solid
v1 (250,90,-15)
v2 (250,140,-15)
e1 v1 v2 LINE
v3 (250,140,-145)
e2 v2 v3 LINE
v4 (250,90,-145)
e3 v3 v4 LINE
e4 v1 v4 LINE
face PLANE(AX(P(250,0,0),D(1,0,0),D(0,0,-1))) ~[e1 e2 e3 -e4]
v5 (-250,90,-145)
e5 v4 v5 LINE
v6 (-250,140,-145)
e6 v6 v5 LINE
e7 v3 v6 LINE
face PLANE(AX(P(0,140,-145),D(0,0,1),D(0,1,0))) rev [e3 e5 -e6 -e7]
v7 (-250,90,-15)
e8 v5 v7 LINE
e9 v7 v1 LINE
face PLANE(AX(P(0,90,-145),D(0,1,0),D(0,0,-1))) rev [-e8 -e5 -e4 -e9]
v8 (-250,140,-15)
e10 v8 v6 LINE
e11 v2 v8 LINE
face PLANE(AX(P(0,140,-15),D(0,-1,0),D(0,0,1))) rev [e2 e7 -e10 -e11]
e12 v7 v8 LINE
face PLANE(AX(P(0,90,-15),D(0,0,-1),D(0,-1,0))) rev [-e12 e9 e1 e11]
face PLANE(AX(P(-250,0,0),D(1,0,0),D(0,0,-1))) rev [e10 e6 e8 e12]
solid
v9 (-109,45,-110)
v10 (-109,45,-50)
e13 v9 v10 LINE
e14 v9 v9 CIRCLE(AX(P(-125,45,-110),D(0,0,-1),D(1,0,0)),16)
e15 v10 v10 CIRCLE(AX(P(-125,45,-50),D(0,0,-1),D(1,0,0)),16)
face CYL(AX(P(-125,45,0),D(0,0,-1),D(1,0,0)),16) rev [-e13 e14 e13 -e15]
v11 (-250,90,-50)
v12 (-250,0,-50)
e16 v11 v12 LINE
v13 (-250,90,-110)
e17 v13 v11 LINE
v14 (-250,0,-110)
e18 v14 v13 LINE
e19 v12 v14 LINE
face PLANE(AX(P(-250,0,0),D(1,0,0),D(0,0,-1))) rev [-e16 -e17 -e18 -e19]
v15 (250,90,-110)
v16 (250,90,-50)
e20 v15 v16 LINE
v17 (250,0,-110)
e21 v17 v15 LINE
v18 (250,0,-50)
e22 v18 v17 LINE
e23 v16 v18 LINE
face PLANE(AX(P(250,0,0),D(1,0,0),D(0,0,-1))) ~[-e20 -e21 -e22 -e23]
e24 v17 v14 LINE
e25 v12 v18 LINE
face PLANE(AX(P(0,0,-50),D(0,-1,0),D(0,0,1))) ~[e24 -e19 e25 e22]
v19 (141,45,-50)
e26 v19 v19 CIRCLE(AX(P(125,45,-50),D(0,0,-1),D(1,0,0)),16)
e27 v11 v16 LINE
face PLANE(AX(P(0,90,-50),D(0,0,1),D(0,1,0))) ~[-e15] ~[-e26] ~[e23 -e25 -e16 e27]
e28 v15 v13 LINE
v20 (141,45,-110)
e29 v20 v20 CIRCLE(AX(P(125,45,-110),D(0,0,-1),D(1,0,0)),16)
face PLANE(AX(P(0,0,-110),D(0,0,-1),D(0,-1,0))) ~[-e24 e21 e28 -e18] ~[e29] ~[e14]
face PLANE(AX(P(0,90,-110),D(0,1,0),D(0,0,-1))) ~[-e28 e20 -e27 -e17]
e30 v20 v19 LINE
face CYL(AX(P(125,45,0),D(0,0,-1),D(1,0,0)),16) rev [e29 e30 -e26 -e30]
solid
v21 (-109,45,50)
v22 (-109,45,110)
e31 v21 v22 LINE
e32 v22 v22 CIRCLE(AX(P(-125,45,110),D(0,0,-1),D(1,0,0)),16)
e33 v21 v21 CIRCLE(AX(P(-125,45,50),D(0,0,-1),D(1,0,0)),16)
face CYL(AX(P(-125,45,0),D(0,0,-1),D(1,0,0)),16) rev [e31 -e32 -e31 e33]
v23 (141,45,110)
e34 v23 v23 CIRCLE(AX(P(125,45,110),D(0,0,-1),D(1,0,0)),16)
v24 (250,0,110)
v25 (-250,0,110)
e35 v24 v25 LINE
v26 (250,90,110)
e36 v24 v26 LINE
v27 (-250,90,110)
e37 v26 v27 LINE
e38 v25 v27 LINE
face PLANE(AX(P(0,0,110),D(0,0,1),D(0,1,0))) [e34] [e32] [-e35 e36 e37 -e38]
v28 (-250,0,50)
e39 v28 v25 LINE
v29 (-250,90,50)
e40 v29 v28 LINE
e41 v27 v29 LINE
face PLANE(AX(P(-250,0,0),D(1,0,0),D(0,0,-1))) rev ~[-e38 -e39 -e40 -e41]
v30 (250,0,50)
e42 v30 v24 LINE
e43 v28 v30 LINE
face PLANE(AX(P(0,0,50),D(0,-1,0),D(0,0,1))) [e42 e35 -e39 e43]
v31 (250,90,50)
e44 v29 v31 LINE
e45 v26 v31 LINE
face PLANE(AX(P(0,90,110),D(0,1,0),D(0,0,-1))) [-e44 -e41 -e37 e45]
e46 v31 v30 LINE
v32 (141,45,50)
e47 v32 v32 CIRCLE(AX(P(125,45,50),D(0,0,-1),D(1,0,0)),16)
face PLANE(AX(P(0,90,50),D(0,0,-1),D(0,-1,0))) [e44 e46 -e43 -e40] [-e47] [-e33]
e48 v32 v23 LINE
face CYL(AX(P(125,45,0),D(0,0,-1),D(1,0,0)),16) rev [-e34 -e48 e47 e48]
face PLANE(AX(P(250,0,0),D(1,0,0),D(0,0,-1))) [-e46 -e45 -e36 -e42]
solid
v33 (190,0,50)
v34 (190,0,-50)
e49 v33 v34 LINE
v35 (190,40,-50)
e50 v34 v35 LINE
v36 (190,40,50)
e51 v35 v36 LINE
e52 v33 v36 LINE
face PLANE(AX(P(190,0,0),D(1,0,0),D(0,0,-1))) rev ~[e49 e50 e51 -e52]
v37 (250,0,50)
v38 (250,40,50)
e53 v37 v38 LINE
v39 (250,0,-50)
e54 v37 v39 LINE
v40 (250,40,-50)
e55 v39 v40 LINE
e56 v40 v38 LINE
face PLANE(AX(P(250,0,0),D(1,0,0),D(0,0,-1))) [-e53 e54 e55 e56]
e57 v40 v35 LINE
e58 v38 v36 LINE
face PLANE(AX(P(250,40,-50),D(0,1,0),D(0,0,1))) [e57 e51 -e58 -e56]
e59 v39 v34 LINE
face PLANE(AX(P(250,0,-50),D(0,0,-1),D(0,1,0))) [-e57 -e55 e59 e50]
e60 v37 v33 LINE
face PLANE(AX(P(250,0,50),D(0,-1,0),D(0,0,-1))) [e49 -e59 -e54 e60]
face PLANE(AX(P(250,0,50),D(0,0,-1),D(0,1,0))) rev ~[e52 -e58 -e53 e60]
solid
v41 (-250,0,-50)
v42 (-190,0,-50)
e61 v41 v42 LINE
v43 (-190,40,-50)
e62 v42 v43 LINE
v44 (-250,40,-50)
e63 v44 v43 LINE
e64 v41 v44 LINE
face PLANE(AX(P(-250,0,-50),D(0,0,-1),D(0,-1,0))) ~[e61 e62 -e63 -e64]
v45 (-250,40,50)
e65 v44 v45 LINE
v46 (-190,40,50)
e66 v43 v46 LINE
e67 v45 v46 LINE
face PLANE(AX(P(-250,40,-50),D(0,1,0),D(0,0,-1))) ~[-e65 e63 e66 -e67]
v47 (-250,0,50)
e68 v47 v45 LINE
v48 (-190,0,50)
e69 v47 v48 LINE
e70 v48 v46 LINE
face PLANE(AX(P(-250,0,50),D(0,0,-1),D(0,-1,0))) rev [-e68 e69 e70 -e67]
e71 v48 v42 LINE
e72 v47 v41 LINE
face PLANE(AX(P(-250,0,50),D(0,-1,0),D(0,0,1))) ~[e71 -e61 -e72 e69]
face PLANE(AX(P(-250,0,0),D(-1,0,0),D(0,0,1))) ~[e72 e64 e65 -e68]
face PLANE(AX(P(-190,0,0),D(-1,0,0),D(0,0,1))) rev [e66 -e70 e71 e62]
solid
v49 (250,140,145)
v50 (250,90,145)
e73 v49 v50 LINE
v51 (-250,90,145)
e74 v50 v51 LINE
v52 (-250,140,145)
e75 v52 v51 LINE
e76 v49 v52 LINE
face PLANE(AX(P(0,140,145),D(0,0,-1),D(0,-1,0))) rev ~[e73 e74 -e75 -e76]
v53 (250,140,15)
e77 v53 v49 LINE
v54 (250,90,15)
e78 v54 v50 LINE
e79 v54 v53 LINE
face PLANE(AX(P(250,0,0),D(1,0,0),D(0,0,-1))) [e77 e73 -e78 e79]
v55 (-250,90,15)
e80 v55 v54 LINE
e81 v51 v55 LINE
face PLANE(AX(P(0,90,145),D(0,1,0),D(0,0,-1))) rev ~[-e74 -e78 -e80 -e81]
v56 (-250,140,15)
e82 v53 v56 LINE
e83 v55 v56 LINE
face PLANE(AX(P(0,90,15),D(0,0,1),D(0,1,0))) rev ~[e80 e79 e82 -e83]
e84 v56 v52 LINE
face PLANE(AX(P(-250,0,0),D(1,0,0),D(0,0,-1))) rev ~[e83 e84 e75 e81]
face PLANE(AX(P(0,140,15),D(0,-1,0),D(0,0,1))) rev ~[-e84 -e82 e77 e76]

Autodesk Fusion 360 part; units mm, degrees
sketch "Sketch1" plane through (0, 0, 0) normal (1, 0, 0) x (0, 0, -1) in component "Bottom"
  line L0 (-50, 0) -> (-110, 0)
  line L1 (-110, 0) -> (-110, 90)
  line L2 (-110, 90) -> (-50, 90)
  line L3 (-50, 90) -> (-50, 0)
  dimension "d1" = 60
  dimension "d2" = 90
  dimension "d3" = 50
extrude "Extrude1" add sketch "Sketch1" along normal mid plane 500 makes body 1 in component "Bottom"
mirror "Mirror1" about plane through (0, 0, 0) normal (0, 0, 1) of bodies 1 makes body 2 in component "Bottom"
sketch "Sketch1 (2)" plane through (0, 0, 0) normal (1, 0, 0) x (0, 0, -1) in component "Flat"
  line L0 (-110, 90) -> (-50, 90)
  line L1 (-145, 90) -> (-15, 90)
  line L2 (-15, 90) -> (-15, 140)
  line L3 (-15, 140) -> (-145, 140)
  line L4 (-145, 140) -> (-145, 90)
  dimension "d7" = 130
  dimension "d8" = 50
extrude "Extrude1'" add sketch "Sketch1 (2)" along normal mid plane 500 separate body makes body 3 in component "Flat"
mirror "Mirror1'" about plane through (0, 0, 0) normal (0, 0, 1) of bodies 3 makes body 4 in component "Flat"
sketch "Sketch1 (3)" plane through (250, 0, 0) normal (1, 0, 0) x (0, 0, -1) in component "Spacers"
  line L0 (-50, 90) -> (-110, 90)
  line L1 (-110, 90) -> (-110, 0)
  line L2 (-110, 0) -> (-50, 0)
  line L3 (-50, 0) -> (-50, 90)
  line L4 (-50, 0) -> (-50, 90)
  line L5 (50, 0) -> (50, 90)
  line L6 (-50, 0) -> (50, 0)
  line L7 (50, 0) -> (50, 40)
  line L8 (50, 40) -> (-50, 40)
  line L9 (-50, 40) -> (-50, 0)
extrude "Extrude1''" add sketch "Sketch1 (3)" against normal blind 60 separate body contours L3 L4 L5 L6 L7 L8 L9 makes body 5 in component "Spacers"
mirror "Mirror1''" about plane through (0, 0, 0) normal (1, 0, 0) of bodies 5 makes body 6 in component "Spacers"
sketch "Sketch2" plane through (0, 0, 0) normal (0, 0, 1) x (1, 0, 0) in component "Bottom"
  line L0 (-250, 0) -> (250, 0)
  line L1 (250, 0) -> (250, 90)
  line L2 (250, 90) -> (-250, 90)
  line L3 (-250, 90) -> (-250, 0)
  line L4 (250, 90) -> (0, 0)
  line L5 (250, 0) -> (0, 90)
  line L6 (-250, 90) -> (0, 0)
  line L7 (-250, 0) -> (0, 90)
  circle A0 centre (125, 45) radius 16
  circle A1 centre (-125, 45) radius 16
  dimension "d15" = 32
  dimension "d16" = 32
extrude "Extrude2" cut sketch "Sketch2" along normal through all and the other way through all contours L6 L7 A1 | L6 L7 A1 | L4 L5 A0 | L4 L5 A0 | L6 L7 A1 | L6 L7 A1 | L4 L5 A0 | L4 L5 A0 bodies 1 2 in component "Bottom"
component "Bed" placed x (1, 0, 0) y (0, 1, 0) z (0, 0, 1) at (0, 0, 0)
component "Bottom" placed x (1, 0, 0) y (0, 1, 0) z (0, 0, 1) at (0, 0, 0) in component "Bed"
component "Flat" placed x (1, 0, 0) y (0, 1, 0) z (0, 0, 1) at (0, 0, 0) in component "Bed"
component "Spacers" placed x (1, 0, 0) y (0, 1, 0) z (0, 0, 1) at (0, 0, 0) in component "Bed"
